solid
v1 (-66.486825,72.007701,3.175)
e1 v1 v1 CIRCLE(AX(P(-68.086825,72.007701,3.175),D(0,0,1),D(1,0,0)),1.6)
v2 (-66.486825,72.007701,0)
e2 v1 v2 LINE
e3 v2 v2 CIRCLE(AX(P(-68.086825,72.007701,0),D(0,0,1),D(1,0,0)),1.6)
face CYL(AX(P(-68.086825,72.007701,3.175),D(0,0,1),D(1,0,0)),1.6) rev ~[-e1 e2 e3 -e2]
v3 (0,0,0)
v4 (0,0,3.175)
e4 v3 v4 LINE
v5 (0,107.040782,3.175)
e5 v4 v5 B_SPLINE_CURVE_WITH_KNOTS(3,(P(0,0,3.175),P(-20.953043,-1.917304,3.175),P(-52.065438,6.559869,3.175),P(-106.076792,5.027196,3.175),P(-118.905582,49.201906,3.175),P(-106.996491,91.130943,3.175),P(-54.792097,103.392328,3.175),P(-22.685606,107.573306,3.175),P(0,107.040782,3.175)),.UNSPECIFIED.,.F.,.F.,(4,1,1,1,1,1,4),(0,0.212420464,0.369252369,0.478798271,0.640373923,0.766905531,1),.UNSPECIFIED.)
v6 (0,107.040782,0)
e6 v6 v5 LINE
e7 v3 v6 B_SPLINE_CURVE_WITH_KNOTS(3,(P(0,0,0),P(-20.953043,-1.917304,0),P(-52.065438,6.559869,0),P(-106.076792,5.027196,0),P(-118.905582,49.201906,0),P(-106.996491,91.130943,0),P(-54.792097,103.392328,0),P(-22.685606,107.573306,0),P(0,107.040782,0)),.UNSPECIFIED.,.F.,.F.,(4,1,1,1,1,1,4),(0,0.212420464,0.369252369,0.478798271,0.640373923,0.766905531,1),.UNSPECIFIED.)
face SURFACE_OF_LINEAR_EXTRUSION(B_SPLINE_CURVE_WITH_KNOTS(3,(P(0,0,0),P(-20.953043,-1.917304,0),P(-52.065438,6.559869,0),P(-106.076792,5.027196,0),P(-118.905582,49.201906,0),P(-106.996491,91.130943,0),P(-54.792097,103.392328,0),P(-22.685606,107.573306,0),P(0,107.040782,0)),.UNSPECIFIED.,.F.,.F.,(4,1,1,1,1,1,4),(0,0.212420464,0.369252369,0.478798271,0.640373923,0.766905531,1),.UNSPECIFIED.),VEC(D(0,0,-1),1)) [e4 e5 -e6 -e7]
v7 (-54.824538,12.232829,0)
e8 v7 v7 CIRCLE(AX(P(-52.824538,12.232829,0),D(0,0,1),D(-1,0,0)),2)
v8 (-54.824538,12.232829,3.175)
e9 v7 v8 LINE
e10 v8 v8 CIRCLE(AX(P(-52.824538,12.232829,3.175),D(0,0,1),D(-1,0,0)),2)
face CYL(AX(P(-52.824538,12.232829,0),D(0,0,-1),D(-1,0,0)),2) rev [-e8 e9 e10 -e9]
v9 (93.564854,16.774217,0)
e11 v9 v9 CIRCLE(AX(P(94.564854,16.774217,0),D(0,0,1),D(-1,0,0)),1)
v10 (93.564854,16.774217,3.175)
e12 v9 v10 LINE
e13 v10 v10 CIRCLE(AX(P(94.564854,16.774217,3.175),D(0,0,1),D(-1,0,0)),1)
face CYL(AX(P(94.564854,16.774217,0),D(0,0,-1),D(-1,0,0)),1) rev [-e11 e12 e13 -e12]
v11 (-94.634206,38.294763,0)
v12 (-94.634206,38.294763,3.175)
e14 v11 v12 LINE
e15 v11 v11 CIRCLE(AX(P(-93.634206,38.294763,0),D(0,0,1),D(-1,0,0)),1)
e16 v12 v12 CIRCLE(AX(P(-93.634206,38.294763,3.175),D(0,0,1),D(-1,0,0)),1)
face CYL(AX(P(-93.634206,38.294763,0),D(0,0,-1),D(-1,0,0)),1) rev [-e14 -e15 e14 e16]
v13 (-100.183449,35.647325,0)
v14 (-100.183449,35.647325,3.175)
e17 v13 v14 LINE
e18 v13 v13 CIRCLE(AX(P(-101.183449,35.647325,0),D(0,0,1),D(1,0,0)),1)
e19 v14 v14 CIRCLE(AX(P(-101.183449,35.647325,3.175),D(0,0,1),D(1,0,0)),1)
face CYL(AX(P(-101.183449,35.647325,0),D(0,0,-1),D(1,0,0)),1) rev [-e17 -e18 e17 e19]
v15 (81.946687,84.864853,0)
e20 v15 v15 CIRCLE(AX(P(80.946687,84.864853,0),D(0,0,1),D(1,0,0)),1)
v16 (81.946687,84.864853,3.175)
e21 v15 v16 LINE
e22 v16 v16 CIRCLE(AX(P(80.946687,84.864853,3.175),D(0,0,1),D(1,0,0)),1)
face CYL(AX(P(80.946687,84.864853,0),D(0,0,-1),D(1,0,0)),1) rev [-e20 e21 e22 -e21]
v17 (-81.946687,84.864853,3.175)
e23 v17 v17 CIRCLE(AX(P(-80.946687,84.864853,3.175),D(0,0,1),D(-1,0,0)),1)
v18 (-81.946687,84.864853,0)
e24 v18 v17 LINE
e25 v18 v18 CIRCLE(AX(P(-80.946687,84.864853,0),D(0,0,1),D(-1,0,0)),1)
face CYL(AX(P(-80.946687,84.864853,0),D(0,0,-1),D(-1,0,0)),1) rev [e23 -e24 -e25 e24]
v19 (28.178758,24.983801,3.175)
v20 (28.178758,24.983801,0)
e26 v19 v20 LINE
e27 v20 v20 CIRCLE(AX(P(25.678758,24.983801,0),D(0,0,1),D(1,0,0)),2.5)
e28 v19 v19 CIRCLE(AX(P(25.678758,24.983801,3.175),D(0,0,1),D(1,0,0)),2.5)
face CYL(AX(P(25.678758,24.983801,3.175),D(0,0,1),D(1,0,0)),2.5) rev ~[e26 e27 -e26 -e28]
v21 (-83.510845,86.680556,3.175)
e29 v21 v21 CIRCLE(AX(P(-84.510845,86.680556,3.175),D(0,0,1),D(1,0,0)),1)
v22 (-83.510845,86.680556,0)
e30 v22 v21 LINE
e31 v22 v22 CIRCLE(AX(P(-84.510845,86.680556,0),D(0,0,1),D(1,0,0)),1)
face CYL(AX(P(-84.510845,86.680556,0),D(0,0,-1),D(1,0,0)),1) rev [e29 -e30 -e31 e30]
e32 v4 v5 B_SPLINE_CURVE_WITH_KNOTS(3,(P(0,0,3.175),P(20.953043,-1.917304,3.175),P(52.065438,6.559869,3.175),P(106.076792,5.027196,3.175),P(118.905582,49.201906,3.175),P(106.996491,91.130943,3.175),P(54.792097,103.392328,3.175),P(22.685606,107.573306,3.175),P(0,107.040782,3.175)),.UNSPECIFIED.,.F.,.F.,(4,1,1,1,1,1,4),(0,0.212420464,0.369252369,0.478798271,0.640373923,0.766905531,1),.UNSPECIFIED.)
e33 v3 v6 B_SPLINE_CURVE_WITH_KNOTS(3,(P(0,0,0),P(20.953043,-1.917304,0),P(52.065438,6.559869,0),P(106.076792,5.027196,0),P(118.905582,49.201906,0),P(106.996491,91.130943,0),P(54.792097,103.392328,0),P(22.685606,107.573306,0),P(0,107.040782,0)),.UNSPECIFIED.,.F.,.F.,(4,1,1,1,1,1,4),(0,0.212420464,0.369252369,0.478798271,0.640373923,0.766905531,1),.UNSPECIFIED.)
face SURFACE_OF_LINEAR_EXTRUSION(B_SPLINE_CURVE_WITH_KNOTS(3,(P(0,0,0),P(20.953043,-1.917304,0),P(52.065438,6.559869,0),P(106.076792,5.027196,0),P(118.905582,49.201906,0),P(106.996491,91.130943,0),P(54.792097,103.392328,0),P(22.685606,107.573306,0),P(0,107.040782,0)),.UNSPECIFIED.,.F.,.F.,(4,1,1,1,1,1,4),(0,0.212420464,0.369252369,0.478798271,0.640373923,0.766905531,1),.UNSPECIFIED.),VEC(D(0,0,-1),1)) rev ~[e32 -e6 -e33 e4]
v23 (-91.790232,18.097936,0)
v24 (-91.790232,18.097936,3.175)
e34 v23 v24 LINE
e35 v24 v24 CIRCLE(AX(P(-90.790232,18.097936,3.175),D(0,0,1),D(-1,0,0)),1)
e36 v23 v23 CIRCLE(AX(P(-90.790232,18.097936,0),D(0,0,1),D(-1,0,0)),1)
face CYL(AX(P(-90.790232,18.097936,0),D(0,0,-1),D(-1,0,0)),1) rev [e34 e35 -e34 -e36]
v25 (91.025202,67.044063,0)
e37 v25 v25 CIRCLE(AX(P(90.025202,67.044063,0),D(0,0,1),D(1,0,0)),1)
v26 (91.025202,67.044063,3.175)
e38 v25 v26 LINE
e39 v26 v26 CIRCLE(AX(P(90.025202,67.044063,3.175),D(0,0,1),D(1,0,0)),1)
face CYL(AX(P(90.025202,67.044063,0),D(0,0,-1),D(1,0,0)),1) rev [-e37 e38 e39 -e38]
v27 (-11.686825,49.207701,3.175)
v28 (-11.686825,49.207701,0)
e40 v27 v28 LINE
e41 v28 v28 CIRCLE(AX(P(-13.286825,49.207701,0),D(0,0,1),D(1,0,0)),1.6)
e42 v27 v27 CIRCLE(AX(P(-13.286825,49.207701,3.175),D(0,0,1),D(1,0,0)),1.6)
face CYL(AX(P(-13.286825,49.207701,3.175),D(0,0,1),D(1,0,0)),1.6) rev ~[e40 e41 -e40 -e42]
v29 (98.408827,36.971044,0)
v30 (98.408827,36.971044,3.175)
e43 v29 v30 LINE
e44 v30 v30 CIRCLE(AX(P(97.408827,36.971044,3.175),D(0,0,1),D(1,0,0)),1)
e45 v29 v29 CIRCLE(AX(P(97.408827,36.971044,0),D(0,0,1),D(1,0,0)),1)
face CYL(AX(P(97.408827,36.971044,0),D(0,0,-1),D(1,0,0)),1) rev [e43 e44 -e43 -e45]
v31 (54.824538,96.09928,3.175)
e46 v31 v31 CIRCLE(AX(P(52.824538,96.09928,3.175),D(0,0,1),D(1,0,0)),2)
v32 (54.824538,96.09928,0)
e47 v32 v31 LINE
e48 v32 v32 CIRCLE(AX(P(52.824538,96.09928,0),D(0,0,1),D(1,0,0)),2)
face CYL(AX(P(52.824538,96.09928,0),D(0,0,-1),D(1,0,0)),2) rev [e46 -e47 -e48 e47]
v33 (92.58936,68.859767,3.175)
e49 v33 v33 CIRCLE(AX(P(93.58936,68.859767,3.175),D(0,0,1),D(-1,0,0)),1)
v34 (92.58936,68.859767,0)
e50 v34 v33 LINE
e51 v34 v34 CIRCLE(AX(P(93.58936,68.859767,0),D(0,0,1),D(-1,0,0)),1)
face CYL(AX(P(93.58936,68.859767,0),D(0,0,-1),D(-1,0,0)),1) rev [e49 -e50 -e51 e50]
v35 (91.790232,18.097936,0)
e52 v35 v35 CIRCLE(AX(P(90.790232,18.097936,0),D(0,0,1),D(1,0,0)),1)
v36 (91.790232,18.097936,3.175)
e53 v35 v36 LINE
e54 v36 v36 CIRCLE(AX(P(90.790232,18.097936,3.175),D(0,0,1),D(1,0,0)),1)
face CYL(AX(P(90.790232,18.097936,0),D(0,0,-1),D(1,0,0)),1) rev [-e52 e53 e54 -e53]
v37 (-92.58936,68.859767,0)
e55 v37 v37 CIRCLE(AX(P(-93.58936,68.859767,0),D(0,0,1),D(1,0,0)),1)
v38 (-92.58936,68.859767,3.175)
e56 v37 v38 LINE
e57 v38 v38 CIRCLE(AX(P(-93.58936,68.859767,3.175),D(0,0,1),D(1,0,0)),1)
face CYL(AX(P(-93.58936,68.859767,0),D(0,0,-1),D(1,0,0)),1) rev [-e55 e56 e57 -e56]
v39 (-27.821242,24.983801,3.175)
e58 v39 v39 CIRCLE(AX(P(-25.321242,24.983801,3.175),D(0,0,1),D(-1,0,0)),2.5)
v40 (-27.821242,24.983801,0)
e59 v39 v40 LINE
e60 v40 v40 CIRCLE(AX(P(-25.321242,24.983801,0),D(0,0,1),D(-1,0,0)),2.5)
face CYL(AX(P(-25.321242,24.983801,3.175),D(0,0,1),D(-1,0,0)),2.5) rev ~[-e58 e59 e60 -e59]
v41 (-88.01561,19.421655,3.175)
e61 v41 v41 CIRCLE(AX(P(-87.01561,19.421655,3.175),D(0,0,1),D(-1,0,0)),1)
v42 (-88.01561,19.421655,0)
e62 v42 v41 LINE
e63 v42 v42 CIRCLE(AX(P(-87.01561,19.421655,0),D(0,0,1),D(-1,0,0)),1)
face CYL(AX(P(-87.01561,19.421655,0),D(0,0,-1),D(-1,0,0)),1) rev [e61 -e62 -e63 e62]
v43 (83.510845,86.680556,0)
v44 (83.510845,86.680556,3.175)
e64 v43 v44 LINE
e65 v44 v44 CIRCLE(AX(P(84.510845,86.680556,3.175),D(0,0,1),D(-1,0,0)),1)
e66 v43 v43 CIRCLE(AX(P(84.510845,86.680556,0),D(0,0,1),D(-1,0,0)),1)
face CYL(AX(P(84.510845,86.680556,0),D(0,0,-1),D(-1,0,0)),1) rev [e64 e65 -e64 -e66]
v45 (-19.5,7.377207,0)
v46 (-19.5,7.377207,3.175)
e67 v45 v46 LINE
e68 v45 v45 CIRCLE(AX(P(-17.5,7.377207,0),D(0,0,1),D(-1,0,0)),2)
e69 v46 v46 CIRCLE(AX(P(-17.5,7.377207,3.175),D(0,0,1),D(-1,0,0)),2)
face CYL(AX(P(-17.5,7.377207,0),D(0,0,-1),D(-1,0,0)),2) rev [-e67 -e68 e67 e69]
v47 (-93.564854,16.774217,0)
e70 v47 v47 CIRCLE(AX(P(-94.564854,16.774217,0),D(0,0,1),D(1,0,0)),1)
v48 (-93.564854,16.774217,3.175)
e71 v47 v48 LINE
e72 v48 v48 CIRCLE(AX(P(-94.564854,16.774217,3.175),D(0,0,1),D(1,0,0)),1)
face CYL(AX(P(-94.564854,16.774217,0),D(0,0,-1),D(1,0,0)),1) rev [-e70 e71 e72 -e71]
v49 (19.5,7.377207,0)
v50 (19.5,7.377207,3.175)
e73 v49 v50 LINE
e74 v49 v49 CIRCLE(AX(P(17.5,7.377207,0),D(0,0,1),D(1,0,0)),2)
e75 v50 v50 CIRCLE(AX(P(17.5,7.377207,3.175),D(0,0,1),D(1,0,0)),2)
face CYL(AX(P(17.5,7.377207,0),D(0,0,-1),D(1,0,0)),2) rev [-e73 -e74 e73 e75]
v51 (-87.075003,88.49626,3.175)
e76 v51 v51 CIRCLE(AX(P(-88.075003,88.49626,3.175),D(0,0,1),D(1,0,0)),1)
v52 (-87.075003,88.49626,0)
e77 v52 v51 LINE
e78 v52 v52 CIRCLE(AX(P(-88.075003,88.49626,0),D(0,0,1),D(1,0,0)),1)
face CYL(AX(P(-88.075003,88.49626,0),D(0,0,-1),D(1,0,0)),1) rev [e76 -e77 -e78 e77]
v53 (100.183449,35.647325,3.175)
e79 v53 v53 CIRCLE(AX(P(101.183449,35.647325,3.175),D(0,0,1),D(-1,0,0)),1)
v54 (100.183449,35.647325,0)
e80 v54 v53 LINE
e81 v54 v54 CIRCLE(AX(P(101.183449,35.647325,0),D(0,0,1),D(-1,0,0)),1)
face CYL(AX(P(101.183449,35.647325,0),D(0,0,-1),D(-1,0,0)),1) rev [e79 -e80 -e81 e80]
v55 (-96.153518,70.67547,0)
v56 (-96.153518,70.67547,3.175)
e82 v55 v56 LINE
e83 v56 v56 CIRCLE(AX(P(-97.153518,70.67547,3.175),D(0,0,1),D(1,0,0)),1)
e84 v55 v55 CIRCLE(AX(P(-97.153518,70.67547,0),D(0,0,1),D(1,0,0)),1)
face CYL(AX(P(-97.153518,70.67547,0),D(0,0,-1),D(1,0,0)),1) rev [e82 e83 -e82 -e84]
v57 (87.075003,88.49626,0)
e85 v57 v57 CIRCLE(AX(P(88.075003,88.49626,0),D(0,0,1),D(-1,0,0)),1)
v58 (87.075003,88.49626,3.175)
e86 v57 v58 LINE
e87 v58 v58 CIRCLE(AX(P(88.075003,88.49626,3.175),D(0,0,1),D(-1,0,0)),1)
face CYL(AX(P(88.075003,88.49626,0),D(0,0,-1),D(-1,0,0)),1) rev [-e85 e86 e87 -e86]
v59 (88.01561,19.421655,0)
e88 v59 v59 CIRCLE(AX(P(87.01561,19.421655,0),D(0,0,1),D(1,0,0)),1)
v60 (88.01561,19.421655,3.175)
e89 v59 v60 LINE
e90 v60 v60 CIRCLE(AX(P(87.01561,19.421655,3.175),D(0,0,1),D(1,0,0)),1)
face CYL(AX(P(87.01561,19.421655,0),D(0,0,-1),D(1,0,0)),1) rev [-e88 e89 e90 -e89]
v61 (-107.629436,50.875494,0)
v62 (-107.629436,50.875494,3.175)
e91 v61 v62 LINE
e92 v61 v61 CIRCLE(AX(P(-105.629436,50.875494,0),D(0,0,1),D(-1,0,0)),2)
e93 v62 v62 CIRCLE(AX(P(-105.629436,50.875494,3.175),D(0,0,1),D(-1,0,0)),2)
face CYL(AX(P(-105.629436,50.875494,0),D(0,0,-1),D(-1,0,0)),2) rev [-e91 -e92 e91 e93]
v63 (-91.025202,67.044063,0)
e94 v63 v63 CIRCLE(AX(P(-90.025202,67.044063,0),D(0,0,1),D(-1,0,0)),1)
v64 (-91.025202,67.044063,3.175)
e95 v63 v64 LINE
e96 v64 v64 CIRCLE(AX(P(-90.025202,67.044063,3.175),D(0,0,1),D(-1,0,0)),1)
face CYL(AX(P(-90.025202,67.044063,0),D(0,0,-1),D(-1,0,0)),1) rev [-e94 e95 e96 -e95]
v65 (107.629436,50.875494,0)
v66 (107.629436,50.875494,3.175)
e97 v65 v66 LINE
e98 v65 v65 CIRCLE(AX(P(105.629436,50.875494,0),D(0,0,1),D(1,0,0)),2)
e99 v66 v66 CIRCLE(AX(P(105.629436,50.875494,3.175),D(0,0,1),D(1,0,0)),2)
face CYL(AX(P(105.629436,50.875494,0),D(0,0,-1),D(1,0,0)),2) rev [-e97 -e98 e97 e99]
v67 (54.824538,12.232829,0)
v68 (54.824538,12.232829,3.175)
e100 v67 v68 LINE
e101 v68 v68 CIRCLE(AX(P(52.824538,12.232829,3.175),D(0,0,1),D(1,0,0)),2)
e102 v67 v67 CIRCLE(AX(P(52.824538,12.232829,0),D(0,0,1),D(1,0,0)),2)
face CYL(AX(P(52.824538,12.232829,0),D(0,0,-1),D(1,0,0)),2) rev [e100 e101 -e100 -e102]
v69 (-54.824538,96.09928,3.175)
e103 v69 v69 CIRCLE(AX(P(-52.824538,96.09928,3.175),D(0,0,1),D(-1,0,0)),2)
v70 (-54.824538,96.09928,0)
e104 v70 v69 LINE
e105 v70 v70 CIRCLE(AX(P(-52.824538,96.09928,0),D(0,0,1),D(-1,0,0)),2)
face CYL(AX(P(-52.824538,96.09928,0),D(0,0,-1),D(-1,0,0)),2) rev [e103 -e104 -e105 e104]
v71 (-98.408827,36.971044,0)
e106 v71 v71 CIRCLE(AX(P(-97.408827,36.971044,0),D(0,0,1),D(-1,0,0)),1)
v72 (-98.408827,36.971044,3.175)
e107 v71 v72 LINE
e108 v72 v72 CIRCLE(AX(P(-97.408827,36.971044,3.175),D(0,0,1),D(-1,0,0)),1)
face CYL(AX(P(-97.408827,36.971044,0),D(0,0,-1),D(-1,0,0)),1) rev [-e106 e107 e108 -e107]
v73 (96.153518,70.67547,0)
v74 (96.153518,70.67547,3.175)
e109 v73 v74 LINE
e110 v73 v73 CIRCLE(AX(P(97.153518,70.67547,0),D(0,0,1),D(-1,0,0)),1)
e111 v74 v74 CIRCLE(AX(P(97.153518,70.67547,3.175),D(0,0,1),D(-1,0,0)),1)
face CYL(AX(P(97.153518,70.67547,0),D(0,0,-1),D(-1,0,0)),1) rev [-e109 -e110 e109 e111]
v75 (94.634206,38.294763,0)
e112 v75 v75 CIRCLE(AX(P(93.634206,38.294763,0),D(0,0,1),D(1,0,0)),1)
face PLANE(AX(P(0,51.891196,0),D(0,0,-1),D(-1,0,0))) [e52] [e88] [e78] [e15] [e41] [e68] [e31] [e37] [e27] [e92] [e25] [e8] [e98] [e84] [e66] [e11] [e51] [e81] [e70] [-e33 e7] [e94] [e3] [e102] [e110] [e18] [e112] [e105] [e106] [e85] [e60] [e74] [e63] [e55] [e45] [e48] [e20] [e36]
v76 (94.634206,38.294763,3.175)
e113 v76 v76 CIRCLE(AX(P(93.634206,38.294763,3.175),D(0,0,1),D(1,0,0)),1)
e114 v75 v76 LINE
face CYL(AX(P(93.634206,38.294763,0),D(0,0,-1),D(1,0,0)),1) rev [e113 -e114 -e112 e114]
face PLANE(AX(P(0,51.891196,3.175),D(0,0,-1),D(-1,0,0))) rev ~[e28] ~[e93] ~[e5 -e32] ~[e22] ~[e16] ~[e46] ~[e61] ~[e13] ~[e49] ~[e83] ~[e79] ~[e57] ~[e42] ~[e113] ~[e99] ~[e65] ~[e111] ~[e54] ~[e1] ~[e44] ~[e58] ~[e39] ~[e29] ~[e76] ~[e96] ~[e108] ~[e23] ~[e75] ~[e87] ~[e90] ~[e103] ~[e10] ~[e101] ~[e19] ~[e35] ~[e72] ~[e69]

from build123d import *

# Parameters (mm, degrees)
SKETCH2_R           = 2
SKETCH2_R_2         = 1
BOSS_EXTRUDE1_DEPTH = 3.175
SKETCH3_R           = 2.5
CUT_EXTRUDE1_DEPTH  = 158.042768909
SKETCH6_R           = 1.6
CUT_EXTRUDE3_DEPTH  = 158.042768909


with BuildPart() as part:
    # Sketch2 → Boss-Extrude1 (new body)
    with BuildSketch(Plane.XY):
        with BuildLine():
            add(Edge.make_bspline(
                [(0, 0), (-20.953042836, -1.917303519), (-52.065437904, 6.559869489), (-106.076791765, 5.027195947), (-118.905582253, 49.201905636), (-106.996491135, 91.130942668), (-54.792097317, 103.392327906), (-22.685606194, 107.573305963), (0, 107.040782028)],
                knots=[0, 0, 0, 0, 0.212420464, 0.369252369, 0.478798271, 0.640373923, 0.766905531, 1, 1, 1, 1], degree=3))
            add(Edge.make_bspline(
                [(0, 0), (20.953042836, -1.917303519), (52.065437904, 6.559869489), (106.076791765, 5.027195947), (118.905582253, 49.201905636), (106.996491135, 91.130942668), (54.792097317, 103.392327906), (22.685606194, 107.573305963), (0, 107.040782028)],
                knots=[0, 0, 0, 0, 0.212420464, 0.369252369, 0.478798271, 0.640373923, 0.766905531, 1, 1, 1, 1], degree=3))
        make_face()
        with Locations((105.629435859, 50.875493963)):
            Circle(SKETCH2_R, mode=Mode.SUBTRACT)
        with Locations((97.408827326, 36.971043837)):
            Circle(SKETCH2_R_2, mode=Mode.SUBTRACT)
        with Locations((90.790231972, 18.097936103)):
            Circle(SKETCH2_R_2, mode=Mode.SUBTRACT)
        with Locations((90.025202431, 67.044063381)):
            Circle(SKETCH2_R_2, mode=Mode.SUBTRACT)
        with Locations((80.946686803, 84.864853319)):
            Circle(SKETCH2_R_2, mode=Mode.SUBTRACT)
        with Locations((52.824538288, 12.232829458)):
            Circle(SKETCH2_R, mode=Mode.SUBTRACT)
        with Locations((17.5, 7.377206693)):
            Circle(SKETCH2_R, mode=Mode.SUBTRACT)
        with Locations(Location((-17.5, 7.377206693, 0), (0, 0, 180))):
            Circle(SKETCH2_R, mode=Mode.SUBTRACT)
        with Locations(Location((-52.824538288, 12.232829458, 0), (0, 0, 180))):
            Circle(SKETCH2_R, mode=Mode.SUBTRACT)
        with Locations(Location((-105.629435859, 50.875493963, 0), (0, 0, 180))):
            Circle(SKETCH2_R, mode=Mode.SUBTRACT)
        with Locations((93.634205779, 38.294762908)):
            Circle(SKETCH2_R_2, mode=Mode.SUBTRACT)
        with Locations((87.015610425, 19.421655174)):
            Circle(SKETCH2_R_2, mode=Mode.SUBTRACT)
        with Locations(Location((84.51084479, 86.680556444, 0), (0, 0, 180))):
            Circle(SKETCH2_R_2, mode=Mode.SUBTRACT)
        with Locations(Location((93.589360419, 68.859766507, 0), (0, 0, 180))):
            Circle(SKETCH2_R_2, mode=Mode.SUBTRACT)
        with Locations(Location((88.075002778, 88.49625957, 0), (0, 0, 180))):
            Circle(SKETCH2_R_2, mode=Mode.SUBTRACT)
        with Locations(Location((97.153518406, 70.675469633, 0), (0, 0, 180))):
            Circle(SKETCH2_R_2, mode=Mode.SUBTRACT)
        with Locations(Location((101.183448873, 35.647324767, 0), (0, 0, 180))):
            Circle(SKETCH2_R_2, mode=Mode.SUBTRACT)
        with Locations(Location((94.564853519, 16.774217033, 0), (0, 0, 180))):
            Circle(SKETCH2_R_2, mode=Mode.SUBTRACT)
        with Locations((52.824538288, 96.099280066)):
            Circle(SKETCH2_R, mode=Mode.SUBTRACT)
        with Locations(Location((-52.824538288, 96.099280066, 0), (0, 0, 180))):
            Circle(SKETCH2_R, mode=Mode.SUBTRACT)
        with Locations(Location((-90.025202431, 67.044063381, 0), (0, 0, 180))):
            Circle(SKETCH2_R_2, mode=Mode.SUBTRACT)
        with Locations((-93.589360419, 68.859766507)):
            Circle(SKETCH2_R_2, mode=Mode.SUBTRACT)
        with Locations((-97.153518406, 70.675469633)):
            Circle(SKETCH2_R_2, mode=Mode.SUBTRACT)
        with Locations((-88.075002778, 88.49625957)):
            Circle(SKETCH2_R_2, mode=Mode.SUBTRACT)
        with Locations((-84.51084479, 86.680556444)):
            Circle(SKETCH2_R_2, mode=Mode.SUBTRACT)
        with Locations(Location((-80.946686803, 84.864853319, 0), (0, 0, 180))):
            Circle(SKETCH2_R_2, mode=Mode.SUBTRACT)
        with Locations((-101.183448873, 35.647324767)):
            Circle(SKETCH2_R_2, mode=Mode.SUBTRACT)
        with Locations(Location((-97.408827326, 36.971043837, 0), (0, 0, 180))):
            Circle(SKETCH2_R_2, mode=Mode.SUBTRACT)
        with Locations(Location((-93.634205779, 38.294762908, 0), (0, 0, 180))):
            Circle(SKETCH2_R_2, mode=Mode.SUBTRACT)
        with Locations((-94.564853519, 16.774217033)):
            Circle(SKETCH2_R_2, mode=Mode.SUBTRACT)
        with Locations(Location((-90.790231972, 18.097936103, 0), (0, 0, 180))):
            Circle(SKETCH2_R_2, mode=Mode.SUBTRACT)
        with Locations(Location((-87.015610425, 19.421655174, 0), (0, 0, 180))):
            Circle(SKETCH2_R_2, mode=Mode.SUBTRACT)
    extrude(amount=BOSS_EXTRUDE1_DEPTH)

    # Sketch3 → Cut-Extrude1 (cut, through all)
    with BuildSketch(Plane.XY.offset(3.175)):
        with Locations((25.67875751, 24.983800797)):
            Circle(SKETCH3_R)
        with Locations(Location((-25.32124249, 24.983800797, 0), (0, 0, 180))):
            Circle(SKETCH3_R)
    extrude(amount=-CUT_EXTRUDE1_DEPTH, mode=Mode.SUBTRACT)

    # Sketch6 → Cut-Extrude3 (cut, through all)
    with BuildSketch(Plane.XY.offset(3.175)):
        with Locations((-13.286825274, 49.207700743)):
            Circle(SKETCH6_R)
        with Locations((-68.086825274, 72.007700743)):
            Circle(SKETCH6_R)
    extrude(amount=-CUT_EXTRUDE3_DEPTH, mode=Mode.SUBTRACT)


solid = part.part
